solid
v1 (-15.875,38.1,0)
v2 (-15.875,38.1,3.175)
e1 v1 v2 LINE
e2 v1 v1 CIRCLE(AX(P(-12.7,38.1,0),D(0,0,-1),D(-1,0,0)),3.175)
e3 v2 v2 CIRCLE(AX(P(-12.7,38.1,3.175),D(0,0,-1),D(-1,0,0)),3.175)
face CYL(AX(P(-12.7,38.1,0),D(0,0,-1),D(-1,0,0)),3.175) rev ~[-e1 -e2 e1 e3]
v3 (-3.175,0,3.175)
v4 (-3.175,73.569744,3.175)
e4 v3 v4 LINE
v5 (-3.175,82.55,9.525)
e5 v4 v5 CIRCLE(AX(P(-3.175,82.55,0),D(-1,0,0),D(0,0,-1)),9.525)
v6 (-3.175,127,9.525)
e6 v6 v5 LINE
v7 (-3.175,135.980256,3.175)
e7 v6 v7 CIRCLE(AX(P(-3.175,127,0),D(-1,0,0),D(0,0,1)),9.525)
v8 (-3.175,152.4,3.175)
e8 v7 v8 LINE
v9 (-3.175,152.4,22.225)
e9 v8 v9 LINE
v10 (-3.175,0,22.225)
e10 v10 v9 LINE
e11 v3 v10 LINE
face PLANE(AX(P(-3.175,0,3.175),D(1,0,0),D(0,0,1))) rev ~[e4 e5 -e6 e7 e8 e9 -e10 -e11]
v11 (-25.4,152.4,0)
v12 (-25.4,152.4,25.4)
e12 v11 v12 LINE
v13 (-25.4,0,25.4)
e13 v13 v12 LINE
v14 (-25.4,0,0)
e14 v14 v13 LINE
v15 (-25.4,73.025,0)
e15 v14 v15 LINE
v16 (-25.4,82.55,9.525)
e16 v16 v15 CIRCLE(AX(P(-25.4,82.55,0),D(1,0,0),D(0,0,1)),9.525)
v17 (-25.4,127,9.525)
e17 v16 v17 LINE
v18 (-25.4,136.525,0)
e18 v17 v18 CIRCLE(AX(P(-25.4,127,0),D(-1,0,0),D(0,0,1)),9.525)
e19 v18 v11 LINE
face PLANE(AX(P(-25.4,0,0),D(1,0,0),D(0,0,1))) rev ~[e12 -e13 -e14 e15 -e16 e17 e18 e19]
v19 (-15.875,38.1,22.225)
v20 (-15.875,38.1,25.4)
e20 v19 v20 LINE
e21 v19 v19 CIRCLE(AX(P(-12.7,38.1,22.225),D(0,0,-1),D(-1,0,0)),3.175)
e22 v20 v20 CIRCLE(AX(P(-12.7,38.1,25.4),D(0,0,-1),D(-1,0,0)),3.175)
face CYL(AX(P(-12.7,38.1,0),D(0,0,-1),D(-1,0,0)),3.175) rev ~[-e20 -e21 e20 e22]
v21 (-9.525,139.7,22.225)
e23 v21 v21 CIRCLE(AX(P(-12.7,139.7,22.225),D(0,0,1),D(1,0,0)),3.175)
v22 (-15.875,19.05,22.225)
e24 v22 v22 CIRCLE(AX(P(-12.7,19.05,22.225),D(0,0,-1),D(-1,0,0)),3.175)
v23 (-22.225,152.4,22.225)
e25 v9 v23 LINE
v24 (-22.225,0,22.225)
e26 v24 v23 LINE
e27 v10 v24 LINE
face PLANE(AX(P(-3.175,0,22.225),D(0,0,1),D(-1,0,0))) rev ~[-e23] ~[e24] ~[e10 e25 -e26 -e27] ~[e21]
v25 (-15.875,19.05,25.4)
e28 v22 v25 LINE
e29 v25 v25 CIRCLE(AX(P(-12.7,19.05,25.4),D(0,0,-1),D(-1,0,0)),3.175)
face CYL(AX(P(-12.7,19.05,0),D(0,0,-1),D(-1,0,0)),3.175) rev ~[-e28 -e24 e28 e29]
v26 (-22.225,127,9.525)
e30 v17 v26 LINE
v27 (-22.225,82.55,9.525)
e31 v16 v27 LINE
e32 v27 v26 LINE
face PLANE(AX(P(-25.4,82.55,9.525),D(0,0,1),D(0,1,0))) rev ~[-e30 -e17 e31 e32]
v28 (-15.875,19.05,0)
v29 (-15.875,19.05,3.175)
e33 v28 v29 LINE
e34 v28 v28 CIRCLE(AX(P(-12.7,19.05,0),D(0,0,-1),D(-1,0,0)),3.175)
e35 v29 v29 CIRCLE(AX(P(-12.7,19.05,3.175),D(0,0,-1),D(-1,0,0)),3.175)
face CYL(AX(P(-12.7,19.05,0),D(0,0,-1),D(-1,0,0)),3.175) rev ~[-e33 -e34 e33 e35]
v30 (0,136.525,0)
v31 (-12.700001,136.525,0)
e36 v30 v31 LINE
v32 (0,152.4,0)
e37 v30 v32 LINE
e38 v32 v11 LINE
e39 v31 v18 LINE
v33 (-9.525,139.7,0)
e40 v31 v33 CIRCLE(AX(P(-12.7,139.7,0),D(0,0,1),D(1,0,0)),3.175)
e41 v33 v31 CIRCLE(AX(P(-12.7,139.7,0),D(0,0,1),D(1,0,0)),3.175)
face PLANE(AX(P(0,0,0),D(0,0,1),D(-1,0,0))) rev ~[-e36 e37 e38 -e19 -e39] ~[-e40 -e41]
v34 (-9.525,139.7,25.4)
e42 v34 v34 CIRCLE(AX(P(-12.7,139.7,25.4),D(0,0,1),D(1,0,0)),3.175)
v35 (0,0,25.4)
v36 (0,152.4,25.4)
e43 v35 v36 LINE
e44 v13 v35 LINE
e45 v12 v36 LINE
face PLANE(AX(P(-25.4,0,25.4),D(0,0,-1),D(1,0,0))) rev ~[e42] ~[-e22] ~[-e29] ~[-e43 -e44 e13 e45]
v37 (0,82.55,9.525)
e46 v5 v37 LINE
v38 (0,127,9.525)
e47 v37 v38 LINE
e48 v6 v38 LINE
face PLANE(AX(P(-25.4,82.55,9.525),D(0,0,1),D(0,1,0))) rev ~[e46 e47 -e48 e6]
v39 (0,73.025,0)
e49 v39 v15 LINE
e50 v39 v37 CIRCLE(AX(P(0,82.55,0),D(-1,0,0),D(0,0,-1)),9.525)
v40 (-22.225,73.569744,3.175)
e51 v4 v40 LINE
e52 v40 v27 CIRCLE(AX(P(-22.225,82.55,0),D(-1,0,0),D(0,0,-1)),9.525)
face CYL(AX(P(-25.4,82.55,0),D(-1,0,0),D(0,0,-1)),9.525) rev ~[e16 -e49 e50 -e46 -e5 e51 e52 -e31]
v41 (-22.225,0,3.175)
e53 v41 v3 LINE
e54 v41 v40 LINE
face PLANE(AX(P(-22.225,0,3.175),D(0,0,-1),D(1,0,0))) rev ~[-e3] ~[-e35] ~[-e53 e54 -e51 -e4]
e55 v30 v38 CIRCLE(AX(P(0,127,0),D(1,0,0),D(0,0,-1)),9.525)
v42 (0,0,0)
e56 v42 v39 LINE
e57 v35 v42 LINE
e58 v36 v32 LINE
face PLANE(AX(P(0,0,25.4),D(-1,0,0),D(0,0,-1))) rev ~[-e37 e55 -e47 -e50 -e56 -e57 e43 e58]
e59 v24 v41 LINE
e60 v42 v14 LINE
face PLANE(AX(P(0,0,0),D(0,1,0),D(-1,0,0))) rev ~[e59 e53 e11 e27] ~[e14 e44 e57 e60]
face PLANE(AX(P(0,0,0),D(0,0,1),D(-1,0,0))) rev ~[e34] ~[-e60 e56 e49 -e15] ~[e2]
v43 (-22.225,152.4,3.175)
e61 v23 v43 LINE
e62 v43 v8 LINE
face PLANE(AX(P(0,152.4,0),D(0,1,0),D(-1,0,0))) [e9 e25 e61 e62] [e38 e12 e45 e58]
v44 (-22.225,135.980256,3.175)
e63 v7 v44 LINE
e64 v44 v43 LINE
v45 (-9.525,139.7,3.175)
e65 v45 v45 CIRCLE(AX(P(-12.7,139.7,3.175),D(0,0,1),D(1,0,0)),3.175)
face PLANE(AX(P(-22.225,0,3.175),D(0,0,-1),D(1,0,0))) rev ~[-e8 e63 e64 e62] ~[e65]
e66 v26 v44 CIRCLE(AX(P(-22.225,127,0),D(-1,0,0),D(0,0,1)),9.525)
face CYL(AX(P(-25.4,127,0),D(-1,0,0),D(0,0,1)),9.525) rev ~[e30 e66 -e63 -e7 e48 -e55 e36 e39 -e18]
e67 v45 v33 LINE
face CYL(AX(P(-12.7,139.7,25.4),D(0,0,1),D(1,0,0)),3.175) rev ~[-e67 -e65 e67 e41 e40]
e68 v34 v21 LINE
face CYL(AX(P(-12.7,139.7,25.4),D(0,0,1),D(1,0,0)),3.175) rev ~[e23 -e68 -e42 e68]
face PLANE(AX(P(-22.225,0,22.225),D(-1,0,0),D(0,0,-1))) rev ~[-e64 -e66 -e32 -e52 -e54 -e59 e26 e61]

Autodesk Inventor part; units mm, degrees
ref_plane "YZ Plane" through (0, 0, 0) normal (1, 0, 0) x (0, 1, 0)
ref_plane "XZ Plane" through (0, 0, 0) normal (0, 1, 0) x (-1, 0, 0)
ref_plane "XY Plane" through (0, 0, 0) normal (0, 0, 1) x (1, 0, 0)
sketch "Sketch1" plane through (0, 0, 0) normal (0, 1, 0) x (-1, 0, 0)
  line L0 (0, 0) -> (25.4, 0)
  line L1 (25.4, 0) -> (25.4, 25.4)
  line L2 (25.4, 25.4) -> (0, 25.4)
  line L3 (0, 25.4) -> (0, 0)
  line L4 (3.175, 22.225) -> (22.225, 22.225)
  line L5 (22.225, 22.225) -> (22.225, 3.175)
  line L6 (22.225, 3.175) -> (3.175, 3.175)
  line L7 (3.175, 3.175) -> (3.175, 22.225)
  dimension "d0" = 25.4
  dimension "d1" = 25.4
  dimension "d2" = 3.175
  dimension "d3" = 3.175
  dimension "d4" = 3.175
  dimension "d5" = 3.175
extrude "Extrusion1" add sketch "Sketch1" along normal blind 152.4
sketch "Sketch2" plane through (-25.4, 0, 25.4) normal (0, 0, 1) x (1, 0, 0)
  circle A0 centre (12.7, 139.7) radius 3.175
  line L0 (0, 152.4) -> (25.4, 152.4) projected
  line L1 (0, 0) -> (0, 152.4) projected
  point P0 (25.4, 0)
  dimension "d8" = 6.35
  dimension "d9" = 12.7
  dimension "d10" = 12.7
extrude "Extrusion2" cut sketch "Sketch2" against normal blind 152.4
sketch "Sketch3" plane through (-25.4, 0, 0) normal (-1, 0, 0) x (0, 0, 1)
  line L0 (0, 0) -> (0, 152.4) projected
  line L1 (0, 127) -> (0, 82.55) construction
  line L2 (-9.525, 127) -> (-9.525, 82.55)
  line L3 (9.525, 82.55) -> (9.525, 127)
  arc A0 (9.525, 127) -> (-9.525, 127) centre (0, 127) ccw
  arc A1 (-9.525, 82.55) -> (9.525, 82.55) centre (0, 82.55) ccw
  line L4 (0, 152.4) -> (25.4, 152.4) projected
  line L5 (0, 0) -> (25.4, 0) projected
  point P0 (0, 104.775)
  dimension "d13" = 44.45
  dimension "d14" = 19.05
  dimension "d15" = 25.4
  dimension "d16" = 82.55
extrude "Extrusion3" cut sketch "Sketch3" against normal blind 25.4
sketch "Sketch4" plane through (0, 0, 0) normal (0, 0, -1) x (-1, 0, 0)
  line L0 (0, 0) -> (25.4, 0) projected
  line L1 (25.4, 0) -> (25.4, 73.025) projected
  circle A0 centre (12.7, 38.1) radius 3.175
  circle A1 centre (12.7, 19.05) radius 3.175
  dimension "d19" = 19.05
  dimension "d20" = 12.7
  dimension "d21" = 12.7
  dimension "d22" = 19.05
  dimension "d23" = 6.35
  dimension "d24" = 6.35
extrude "Extrusion4" cut sketch "Sketch4" against normal blind 25.4
equation "\"d4\" = d2"
equation "\"d5\" = d3"
properties part number "6x1x1x0125 tube" material "Aluminum 6061"
